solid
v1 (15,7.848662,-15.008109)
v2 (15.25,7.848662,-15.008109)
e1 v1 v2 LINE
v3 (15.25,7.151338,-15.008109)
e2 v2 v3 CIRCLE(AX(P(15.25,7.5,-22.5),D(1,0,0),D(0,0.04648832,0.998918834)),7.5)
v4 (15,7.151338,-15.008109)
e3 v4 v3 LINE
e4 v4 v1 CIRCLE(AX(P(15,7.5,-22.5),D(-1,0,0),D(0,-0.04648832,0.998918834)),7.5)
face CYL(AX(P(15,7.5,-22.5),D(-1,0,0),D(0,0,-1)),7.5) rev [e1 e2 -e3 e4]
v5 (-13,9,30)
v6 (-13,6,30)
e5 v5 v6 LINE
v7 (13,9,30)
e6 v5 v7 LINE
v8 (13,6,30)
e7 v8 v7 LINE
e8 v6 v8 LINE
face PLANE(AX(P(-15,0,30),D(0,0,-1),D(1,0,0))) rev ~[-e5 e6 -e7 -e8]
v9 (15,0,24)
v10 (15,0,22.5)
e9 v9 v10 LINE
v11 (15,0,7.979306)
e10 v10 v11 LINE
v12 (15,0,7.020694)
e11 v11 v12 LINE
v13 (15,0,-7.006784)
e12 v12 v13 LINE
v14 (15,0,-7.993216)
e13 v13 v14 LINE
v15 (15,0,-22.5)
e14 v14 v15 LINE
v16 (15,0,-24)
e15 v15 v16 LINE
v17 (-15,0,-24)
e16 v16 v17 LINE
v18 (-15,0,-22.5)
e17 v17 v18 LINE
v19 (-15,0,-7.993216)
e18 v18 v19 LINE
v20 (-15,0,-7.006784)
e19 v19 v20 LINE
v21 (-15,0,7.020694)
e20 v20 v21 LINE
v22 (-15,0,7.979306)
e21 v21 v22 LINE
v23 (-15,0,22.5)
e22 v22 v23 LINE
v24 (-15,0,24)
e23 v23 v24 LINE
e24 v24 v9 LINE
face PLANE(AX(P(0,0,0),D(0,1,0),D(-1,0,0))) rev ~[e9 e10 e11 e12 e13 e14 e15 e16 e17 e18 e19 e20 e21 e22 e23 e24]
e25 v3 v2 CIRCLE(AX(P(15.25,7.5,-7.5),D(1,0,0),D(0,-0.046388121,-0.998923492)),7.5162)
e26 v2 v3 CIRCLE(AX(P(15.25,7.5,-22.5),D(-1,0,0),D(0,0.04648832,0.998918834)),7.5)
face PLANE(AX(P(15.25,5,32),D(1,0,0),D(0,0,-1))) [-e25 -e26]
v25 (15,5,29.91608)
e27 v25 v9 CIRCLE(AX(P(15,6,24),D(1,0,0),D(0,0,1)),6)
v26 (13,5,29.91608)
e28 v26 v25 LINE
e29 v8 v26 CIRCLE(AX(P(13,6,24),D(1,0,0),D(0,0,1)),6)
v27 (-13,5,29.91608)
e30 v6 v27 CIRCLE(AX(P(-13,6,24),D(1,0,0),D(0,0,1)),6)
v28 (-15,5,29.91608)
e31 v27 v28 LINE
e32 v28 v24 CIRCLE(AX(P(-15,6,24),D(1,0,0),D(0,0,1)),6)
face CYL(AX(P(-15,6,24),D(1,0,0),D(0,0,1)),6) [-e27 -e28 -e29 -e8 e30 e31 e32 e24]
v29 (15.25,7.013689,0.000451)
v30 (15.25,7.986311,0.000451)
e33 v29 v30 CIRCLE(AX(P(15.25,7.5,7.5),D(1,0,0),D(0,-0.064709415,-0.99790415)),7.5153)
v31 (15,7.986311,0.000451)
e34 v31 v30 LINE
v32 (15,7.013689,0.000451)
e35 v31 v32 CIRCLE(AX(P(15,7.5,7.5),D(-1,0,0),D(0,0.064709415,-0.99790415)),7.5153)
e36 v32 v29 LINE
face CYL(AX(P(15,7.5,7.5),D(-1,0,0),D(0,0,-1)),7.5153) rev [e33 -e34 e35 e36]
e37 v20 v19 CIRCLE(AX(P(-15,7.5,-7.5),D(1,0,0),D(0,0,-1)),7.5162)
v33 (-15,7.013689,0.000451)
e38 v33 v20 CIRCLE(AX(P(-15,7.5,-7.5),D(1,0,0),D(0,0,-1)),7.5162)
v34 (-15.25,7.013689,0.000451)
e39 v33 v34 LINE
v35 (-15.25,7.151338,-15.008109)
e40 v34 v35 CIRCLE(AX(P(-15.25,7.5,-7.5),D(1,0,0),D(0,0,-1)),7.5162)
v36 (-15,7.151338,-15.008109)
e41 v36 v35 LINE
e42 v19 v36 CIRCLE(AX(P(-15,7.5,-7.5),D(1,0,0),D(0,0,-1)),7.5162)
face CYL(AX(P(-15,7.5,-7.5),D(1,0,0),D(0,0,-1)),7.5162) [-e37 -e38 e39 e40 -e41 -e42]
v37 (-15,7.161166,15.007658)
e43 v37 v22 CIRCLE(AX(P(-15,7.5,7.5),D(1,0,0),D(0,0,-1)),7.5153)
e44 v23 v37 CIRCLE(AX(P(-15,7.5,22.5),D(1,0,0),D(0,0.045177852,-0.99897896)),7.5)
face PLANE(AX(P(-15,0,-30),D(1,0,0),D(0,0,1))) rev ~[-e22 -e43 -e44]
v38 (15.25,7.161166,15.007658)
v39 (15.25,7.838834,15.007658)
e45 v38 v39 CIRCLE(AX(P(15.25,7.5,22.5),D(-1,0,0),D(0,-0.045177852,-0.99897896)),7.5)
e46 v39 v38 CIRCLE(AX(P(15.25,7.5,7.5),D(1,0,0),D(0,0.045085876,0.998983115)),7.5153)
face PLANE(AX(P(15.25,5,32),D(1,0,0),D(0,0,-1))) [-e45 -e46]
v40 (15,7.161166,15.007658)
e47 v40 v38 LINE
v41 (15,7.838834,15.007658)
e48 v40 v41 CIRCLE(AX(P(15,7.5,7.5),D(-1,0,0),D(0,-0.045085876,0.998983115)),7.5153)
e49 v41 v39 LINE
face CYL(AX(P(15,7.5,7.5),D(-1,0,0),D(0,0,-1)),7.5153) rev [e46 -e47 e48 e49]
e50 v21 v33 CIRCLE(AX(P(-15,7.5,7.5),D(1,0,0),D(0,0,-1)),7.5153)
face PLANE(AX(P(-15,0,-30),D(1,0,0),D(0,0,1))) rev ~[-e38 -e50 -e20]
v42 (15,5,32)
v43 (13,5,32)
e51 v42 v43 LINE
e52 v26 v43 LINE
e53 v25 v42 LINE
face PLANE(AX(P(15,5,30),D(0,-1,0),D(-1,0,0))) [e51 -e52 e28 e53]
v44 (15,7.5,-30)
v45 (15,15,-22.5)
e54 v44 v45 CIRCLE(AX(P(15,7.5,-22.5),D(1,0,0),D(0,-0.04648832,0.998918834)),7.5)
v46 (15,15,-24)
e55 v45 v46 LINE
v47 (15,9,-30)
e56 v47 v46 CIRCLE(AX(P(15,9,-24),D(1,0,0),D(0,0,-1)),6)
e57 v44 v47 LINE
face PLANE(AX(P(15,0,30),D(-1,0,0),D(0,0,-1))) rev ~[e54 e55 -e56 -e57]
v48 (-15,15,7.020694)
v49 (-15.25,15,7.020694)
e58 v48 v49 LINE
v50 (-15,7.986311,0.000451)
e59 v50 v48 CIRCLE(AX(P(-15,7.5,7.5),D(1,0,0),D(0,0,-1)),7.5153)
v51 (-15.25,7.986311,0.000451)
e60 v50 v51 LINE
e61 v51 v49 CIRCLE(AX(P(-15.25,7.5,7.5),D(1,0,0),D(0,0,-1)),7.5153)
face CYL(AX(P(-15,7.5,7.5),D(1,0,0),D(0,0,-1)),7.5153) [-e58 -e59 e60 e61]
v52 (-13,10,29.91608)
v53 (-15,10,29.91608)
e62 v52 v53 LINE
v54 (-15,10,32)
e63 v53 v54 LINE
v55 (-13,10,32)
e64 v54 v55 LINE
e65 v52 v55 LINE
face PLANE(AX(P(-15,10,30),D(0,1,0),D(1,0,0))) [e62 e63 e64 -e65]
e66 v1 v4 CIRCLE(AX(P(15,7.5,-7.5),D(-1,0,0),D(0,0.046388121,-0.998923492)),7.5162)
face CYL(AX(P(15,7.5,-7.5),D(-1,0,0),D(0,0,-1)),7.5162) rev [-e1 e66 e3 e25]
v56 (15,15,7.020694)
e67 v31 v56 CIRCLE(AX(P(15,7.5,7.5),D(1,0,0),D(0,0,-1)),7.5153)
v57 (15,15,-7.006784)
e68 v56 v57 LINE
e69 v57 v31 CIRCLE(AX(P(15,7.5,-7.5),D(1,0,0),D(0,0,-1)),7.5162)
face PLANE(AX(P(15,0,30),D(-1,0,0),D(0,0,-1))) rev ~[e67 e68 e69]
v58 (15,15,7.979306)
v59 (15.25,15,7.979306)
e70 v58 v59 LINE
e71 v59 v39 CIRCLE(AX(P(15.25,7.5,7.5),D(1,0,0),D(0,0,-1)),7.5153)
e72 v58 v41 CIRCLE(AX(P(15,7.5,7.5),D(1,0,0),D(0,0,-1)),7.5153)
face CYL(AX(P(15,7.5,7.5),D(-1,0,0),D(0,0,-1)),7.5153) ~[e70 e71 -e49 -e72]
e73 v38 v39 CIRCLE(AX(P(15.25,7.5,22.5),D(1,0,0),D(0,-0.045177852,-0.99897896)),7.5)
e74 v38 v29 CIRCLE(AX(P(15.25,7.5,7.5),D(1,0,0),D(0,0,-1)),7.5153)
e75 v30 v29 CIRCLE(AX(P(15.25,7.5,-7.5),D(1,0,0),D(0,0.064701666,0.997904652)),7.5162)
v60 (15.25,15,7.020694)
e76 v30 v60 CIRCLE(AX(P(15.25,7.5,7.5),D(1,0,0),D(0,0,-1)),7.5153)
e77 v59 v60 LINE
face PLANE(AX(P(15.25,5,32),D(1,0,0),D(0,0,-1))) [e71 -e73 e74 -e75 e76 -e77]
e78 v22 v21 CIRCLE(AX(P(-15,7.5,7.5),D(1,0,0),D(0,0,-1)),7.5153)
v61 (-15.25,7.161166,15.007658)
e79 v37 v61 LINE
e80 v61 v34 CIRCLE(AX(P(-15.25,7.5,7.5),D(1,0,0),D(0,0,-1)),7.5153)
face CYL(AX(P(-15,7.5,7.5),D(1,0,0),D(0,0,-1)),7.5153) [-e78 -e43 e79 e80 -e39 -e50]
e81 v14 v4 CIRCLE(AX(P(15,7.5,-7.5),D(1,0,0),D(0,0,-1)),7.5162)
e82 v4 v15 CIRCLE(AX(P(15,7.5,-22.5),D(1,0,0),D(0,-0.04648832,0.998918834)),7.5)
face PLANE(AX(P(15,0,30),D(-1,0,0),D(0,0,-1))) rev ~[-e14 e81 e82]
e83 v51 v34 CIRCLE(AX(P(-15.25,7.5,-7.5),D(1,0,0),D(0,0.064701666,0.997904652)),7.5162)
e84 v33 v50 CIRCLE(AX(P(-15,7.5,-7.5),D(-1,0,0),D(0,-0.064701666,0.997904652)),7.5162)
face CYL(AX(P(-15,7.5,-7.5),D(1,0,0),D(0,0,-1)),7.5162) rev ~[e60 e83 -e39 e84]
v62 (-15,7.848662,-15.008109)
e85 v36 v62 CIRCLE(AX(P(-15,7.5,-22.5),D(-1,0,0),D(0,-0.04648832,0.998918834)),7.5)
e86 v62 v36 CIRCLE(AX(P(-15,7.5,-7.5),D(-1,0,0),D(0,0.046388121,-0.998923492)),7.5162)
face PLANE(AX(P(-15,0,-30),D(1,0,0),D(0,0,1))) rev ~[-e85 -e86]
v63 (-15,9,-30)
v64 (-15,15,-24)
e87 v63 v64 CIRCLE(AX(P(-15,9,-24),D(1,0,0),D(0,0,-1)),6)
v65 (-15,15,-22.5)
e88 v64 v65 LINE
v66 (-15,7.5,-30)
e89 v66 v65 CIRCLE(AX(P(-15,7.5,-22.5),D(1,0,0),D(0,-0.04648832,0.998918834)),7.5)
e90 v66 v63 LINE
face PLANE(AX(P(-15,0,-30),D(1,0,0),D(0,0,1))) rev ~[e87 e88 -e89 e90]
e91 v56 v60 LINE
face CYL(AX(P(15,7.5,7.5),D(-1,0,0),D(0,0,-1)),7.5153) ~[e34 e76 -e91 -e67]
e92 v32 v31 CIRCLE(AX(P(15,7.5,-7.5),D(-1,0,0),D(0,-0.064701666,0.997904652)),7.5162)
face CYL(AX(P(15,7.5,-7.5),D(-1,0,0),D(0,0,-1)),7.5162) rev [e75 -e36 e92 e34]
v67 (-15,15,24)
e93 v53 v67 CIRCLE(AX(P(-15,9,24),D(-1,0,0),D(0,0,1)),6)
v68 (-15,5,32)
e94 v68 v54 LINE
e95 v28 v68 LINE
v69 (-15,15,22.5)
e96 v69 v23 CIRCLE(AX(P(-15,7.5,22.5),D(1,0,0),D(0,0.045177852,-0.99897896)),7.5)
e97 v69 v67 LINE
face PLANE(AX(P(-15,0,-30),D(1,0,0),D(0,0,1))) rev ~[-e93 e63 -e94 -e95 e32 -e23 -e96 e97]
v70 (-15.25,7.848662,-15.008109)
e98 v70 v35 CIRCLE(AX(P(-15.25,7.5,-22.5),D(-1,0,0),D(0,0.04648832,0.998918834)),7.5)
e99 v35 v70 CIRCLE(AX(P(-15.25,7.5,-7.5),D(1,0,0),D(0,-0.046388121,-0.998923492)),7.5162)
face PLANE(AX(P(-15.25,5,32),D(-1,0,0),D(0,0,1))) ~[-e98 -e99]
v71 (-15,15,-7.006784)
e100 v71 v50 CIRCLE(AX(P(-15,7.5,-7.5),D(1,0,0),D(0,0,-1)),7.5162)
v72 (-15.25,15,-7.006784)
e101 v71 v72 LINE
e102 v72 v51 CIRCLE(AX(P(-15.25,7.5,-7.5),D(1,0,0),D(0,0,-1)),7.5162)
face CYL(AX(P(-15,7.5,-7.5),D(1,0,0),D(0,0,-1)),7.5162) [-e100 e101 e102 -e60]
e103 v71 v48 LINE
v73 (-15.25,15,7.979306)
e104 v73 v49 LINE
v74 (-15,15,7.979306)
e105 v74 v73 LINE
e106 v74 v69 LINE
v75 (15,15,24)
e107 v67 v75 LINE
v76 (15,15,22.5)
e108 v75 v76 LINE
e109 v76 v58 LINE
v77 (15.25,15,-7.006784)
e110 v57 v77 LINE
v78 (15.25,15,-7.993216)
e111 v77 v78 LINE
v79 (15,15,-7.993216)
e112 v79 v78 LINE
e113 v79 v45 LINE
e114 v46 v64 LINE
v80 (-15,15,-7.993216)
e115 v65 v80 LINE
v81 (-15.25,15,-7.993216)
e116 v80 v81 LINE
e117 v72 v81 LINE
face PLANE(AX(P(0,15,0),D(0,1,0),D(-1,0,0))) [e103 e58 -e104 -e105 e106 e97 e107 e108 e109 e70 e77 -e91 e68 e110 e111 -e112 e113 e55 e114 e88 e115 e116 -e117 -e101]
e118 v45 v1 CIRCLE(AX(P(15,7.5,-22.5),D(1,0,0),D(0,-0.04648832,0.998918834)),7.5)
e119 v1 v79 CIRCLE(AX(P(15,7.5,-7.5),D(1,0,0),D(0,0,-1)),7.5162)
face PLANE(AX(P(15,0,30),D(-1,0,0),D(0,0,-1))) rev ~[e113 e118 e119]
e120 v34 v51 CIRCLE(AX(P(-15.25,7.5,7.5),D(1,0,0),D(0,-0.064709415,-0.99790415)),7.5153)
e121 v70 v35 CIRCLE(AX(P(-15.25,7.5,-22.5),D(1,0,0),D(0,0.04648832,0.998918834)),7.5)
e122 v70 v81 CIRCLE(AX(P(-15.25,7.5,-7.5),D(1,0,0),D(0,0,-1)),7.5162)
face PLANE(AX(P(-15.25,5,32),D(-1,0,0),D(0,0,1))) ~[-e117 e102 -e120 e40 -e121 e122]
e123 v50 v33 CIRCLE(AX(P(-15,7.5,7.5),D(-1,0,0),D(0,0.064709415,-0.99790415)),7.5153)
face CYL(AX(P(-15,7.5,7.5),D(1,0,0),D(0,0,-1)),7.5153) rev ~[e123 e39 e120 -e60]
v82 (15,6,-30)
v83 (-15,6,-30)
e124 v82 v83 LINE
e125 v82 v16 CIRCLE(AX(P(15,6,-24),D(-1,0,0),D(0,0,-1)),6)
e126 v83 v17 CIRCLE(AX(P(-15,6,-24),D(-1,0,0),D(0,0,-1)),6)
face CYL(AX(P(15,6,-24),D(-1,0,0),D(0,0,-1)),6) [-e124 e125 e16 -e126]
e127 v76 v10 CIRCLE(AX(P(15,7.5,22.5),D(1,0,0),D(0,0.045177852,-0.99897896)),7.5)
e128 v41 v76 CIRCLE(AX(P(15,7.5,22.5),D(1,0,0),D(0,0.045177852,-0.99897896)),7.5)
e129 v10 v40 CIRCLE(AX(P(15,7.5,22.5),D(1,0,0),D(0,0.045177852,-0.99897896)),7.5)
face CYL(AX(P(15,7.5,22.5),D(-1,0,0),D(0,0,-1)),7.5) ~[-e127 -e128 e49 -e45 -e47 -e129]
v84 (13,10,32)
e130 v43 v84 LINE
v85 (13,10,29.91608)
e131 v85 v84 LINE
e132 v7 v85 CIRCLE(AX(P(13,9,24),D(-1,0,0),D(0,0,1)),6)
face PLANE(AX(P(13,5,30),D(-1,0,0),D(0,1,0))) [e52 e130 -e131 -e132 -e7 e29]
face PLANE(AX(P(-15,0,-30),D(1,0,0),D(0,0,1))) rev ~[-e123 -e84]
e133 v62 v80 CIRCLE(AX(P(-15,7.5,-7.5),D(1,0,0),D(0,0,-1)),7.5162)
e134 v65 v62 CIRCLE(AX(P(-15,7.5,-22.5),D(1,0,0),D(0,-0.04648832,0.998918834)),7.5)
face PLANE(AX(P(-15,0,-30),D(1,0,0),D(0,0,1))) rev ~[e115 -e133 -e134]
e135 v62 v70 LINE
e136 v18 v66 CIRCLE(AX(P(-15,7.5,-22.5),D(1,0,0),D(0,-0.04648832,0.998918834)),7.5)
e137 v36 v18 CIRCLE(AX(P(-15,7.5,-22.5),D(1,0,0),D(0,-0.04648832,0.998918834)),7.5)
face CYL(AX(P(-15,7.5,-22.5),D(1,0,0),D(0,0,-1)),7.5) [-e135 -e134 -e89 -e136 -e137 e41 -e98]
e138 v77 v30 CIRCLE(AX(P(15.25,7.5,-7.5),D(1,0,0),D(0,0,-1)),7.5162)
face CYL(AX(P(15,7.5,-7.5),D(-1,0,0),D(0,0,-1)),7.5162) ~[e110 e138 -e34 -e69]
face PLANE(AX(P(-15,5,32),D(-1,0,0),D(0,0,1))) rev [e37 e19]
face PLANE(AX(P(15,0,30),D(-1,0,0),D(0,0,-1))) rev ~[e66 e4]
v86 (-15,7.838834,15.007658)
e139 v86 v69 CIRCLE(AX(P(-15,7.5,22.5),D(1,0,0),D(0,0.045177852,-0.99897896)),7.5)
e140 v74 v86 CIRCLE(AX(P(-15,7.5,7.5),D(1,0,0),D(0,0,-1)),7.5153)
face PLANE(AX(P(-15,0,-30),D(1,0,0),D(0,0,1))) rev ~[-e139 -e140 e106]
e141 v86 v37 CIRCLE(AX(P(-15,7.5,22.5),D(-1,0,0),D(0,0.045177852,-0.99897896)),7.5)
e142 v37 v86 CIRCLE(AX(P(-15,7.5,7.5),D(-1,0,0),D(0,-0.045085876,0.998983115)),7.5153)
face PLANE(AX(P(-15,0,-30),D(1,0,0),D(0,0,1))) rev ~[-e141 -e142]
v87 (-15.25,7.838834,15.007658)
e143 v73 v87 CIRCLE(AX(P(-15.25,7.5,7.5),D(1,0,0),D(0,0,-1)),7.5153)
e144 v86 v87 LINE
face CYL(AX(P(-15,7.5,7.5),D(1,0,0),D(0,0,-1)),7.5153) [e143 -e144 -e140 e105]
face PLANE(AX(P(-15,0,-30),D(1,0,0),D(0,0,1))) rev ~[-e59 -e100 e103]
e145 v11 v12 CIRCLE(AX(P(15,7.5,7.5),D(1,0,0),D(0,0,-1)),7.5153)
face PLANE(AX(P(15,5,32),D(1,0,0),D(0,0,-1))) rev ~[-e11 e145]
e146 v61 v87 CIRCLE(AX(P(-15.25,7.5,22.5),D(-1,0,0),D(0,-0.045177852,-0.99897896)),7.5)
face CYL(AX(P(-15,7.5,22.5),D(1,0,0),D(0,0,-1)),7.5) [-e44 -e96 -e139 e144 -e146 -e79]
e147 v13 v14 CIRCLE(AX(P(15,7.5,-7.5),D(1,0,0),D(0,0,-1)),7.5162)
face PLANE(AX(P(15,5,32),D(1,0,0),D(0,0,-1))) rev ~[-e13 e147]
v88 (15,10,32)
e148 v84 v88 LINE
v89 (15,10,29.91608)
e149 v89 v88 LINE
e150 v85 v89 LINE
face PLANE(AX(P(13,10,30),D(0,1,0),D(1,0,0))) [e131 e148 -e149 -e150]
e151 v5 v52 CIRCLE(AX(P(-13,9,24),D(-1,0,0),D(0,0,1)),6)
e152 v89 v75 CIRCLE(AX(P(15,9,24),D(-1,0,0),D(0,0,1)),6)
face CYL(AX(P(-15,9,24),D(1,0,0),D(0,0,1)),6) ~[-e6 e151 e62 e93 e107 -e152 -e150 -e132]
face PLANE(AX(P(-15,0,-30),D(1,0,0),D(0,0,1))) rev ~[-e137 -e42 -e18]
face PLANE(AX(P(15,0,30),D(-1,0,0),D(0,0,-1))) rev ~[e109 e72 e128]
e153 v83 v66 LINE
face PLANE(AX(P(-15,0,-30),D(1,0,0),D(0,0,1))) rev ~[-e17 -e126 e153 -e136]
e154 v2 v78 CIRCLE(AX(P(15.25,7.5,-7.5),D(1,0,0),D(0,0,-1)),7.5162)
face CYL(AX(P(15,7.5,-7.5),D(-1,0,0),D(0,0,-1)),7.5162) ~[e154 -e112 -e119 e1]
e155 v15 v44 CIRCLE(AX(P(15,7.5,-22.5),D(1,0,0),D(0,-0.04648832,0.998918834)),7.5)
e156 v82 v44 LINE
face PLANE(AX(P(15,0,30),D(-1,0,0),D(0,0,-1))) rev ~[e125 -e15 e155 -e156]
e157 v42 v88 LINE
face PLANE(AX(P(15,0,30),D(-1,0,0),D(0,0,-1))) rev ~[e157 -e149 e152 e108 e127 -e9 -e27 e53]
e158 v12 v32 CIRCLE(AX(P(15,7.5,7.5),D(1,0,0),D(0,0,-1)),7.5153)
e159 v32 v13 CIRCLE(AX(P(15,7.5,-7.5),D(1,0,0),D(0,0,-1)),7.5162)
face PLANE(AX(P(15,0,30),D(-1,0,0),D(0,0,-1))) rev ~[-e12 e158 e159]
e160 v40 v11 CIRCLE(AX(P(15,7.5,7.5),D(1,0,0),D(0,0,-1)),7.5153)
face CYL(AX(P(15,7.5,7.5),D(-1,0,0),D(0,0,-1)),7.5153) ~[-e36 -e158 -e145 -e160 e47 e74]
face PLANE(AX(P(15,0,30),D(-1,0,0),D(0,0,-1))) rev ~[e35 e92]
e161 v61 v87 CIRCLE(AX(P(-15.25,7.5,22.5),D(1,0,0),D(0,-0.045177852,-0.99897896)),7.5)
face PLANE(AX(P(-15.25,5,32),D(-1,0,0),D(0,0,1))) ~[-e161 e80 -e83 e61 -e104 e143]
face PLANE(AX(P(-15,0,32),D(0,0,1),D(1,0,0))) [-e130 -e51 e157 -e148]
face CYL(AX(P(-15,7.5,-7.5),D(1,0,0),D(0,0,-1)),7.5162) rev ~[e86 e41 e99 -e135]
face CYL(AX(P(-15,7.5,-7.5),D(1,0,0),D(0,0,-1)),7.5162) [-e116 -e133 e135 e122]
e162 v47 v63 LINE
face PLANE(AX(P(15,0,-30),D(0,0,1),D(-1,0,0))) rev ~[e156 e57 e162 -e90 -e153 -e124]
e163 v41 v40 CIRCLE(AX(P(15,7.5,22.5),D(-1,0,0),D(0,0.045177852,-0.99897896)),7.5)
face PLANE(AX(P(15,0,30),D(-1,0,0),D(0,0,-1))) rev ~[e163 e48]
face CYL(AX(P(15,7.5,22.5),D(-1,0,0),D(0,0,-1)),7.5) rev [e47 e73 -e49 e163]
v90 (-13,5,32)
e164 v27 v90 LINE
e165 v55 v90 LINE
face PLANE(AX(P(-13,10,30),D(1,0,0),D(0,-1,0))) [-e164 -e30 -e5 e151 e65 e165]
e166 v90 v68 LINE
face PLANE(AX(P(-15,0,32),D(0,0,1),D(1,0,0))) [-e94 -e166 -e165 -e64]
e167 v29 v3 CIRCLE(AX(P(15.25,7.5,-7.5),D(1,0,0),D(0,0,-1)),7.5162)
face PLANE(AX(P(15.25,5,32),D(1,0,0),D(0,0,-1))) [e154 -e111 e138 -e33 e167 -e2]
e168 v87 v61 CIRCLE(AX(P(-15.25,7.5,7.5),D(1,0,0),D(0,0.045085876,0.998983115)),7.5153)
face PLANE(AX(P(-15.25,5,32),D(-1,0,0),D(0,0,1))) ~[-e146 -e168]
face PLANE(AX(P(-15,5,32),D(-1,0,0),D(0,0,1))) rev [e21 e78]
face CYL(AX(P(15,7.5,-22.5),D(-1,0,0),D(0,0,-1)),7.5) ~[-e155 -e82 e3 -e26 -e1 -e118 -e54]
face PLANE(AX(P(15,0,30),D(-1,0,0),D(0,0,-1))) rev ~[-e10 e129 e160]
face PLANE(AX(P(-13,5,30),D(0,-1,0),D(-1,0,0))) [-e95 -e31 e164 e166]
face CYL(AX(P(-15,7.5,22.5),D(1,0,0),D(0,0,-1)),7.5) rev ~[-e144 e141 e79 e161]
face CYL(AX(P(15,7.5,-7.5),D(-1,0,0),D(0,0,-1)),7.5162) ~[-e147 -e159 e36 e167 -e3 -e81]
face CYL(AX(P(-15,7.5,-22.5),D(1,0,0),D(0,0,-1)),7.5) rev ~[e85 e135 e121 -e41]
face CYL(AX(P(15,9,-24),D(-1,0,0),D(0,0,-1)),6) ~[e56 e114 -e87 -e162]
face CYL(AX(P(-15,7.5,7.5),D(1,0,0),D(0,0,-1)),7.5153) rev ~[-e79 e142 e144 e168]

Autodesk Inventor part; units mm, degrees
ref_plane "YZ Plane" through (0, 0, 0) normal (1, 0, 0) x (0, 1, 0)
ref_plane "XZ Plane" through (0, 0, 0) normal (0, 1, 0) x (-1, 0, 0)
sketch "Sketch1" plane through (0, 0, 0) normal (0, 1, 0) x (-1, 0, 0)
  line L0 (15, 30) -> (-15, 30)
  line L1 (-15, 30) -> (-15, -30)
  line L2 (-15, -30) -> (15, -30)
  line L3 (15, -30) -> (15, 30)
  point P0 (0, 0)
  dimension "d0" = 30
  dimension "d1" = 60
  dimension "d2" = 30
  dimension "d3" = 15
extrude "Extrusion1" add sketch "Sketch1" along normal blind 15
sketch "Sketch2" plane through (-15, 0, 30) normal (0, 0, 1) x (1, 0, 0)
  line L0 (0, 0) -> (0, 15) projected
  line L1 (0, 10) -> (2, 10)
  line L2 (2, 10) -> (2, 5)
  line L3 (2, 5) -> (0, 5)
  line L4 (0, 5) -> (0, 10)
  line L5 (0, 15) -> (30, 15) projected
  line L6 (30, 0) -> (30, 15) projected
  line L7 (28, 10) -> (30, 10)
  line L8 (30, 10) -> (30, 5)
  line L9 (30, 5) -> (28, 5)
  line L10 (28, 5) -> (28, 10)
  point P0 (15, 0)
  point P1 (0, 5)
  dimension "d6" = 2
  dimension "d7" = 5
  dimension "d8" = 5
  dimension "d9" = 2
  dimension "d10" = 5
  dimension "d11" = 5
extrude "Extrusion2" add sketch "Sketch2" along normal blind 2
fillet "Fillet1" radius 6 4 edges at (0, 15, 30) (0, 0, 30) (0, 15, -30) (0, 0, -30)
sketch "Sketch3" plane through (15, 5, 32) normal (1, 0, 0) x (0, 0, -1)
  line L0 (62, 1) -> (62, 4) projected
  line L1 (62, 2.5) -> (0, 2.5)
  line L2 (0, 5) -> (0, 0) projected
  circle A0 centre (9.5, 2.5) radius 7.5
  line L3 (8, 10) -> (56, 10) projected
  circle A1 centre (24.5, 2.5) radius 7.5153
  circle A2 centre (39.5, 2.5) radius 7.5162
  circle A3 centre (54.5, 2.5) radius 7.5
  point P0 (32, -5)
  point P1 (47.0081, 2.8488)
  point P2 (47.0081, 2.1512)
  point P3 (39.9933, 10)
  point P4 (39.0067, 10)
  point P5 (31.9995, 2.9861)
  point P6 (31.9995, 2.0139)
  point P7 (24.9788, 10)
  point P8 (24.0212, 10)
  point P9 (16.9924, 2.8385)
  point P10 (16.9924, 2.1615)
  dimension "d15" = 15
  dimension "d16" = 15
  dimension "d17" = 15
  dimension "d18" = 15
  dimension "d19" = 7.5
extrude "Extrusion3" add sketch "Sketch3" along normal blind 0.25 contours A3 A2 L1 | L1 A2 A3 | A2 A1 L1 A3 | L1 A1 A2 L3 A3 | A1 A0 L1 A2 | A0 L1 A1 | L1 A0 A1 L3 A2 | A0 A1 L1 picked at (56.9349, 1.9104) picked at (56.9427, 3.0563) picked at (7.0655, 1.9102) picked at (7.0576, 3.0563)
ref_plane "Work Plane1" through (0, 15, 22.5) normal (1, 0, 0) x (0, 0, -1)
mirror "Mirror1" about plane through (0, 15, 22.5) normal (1, 0, 0) of "Extrusion3"
equation "\"d2\" = 0.5 * d1"
equation "\"d3\" = 0.5 * d0"
properties part number "Battery_template"
